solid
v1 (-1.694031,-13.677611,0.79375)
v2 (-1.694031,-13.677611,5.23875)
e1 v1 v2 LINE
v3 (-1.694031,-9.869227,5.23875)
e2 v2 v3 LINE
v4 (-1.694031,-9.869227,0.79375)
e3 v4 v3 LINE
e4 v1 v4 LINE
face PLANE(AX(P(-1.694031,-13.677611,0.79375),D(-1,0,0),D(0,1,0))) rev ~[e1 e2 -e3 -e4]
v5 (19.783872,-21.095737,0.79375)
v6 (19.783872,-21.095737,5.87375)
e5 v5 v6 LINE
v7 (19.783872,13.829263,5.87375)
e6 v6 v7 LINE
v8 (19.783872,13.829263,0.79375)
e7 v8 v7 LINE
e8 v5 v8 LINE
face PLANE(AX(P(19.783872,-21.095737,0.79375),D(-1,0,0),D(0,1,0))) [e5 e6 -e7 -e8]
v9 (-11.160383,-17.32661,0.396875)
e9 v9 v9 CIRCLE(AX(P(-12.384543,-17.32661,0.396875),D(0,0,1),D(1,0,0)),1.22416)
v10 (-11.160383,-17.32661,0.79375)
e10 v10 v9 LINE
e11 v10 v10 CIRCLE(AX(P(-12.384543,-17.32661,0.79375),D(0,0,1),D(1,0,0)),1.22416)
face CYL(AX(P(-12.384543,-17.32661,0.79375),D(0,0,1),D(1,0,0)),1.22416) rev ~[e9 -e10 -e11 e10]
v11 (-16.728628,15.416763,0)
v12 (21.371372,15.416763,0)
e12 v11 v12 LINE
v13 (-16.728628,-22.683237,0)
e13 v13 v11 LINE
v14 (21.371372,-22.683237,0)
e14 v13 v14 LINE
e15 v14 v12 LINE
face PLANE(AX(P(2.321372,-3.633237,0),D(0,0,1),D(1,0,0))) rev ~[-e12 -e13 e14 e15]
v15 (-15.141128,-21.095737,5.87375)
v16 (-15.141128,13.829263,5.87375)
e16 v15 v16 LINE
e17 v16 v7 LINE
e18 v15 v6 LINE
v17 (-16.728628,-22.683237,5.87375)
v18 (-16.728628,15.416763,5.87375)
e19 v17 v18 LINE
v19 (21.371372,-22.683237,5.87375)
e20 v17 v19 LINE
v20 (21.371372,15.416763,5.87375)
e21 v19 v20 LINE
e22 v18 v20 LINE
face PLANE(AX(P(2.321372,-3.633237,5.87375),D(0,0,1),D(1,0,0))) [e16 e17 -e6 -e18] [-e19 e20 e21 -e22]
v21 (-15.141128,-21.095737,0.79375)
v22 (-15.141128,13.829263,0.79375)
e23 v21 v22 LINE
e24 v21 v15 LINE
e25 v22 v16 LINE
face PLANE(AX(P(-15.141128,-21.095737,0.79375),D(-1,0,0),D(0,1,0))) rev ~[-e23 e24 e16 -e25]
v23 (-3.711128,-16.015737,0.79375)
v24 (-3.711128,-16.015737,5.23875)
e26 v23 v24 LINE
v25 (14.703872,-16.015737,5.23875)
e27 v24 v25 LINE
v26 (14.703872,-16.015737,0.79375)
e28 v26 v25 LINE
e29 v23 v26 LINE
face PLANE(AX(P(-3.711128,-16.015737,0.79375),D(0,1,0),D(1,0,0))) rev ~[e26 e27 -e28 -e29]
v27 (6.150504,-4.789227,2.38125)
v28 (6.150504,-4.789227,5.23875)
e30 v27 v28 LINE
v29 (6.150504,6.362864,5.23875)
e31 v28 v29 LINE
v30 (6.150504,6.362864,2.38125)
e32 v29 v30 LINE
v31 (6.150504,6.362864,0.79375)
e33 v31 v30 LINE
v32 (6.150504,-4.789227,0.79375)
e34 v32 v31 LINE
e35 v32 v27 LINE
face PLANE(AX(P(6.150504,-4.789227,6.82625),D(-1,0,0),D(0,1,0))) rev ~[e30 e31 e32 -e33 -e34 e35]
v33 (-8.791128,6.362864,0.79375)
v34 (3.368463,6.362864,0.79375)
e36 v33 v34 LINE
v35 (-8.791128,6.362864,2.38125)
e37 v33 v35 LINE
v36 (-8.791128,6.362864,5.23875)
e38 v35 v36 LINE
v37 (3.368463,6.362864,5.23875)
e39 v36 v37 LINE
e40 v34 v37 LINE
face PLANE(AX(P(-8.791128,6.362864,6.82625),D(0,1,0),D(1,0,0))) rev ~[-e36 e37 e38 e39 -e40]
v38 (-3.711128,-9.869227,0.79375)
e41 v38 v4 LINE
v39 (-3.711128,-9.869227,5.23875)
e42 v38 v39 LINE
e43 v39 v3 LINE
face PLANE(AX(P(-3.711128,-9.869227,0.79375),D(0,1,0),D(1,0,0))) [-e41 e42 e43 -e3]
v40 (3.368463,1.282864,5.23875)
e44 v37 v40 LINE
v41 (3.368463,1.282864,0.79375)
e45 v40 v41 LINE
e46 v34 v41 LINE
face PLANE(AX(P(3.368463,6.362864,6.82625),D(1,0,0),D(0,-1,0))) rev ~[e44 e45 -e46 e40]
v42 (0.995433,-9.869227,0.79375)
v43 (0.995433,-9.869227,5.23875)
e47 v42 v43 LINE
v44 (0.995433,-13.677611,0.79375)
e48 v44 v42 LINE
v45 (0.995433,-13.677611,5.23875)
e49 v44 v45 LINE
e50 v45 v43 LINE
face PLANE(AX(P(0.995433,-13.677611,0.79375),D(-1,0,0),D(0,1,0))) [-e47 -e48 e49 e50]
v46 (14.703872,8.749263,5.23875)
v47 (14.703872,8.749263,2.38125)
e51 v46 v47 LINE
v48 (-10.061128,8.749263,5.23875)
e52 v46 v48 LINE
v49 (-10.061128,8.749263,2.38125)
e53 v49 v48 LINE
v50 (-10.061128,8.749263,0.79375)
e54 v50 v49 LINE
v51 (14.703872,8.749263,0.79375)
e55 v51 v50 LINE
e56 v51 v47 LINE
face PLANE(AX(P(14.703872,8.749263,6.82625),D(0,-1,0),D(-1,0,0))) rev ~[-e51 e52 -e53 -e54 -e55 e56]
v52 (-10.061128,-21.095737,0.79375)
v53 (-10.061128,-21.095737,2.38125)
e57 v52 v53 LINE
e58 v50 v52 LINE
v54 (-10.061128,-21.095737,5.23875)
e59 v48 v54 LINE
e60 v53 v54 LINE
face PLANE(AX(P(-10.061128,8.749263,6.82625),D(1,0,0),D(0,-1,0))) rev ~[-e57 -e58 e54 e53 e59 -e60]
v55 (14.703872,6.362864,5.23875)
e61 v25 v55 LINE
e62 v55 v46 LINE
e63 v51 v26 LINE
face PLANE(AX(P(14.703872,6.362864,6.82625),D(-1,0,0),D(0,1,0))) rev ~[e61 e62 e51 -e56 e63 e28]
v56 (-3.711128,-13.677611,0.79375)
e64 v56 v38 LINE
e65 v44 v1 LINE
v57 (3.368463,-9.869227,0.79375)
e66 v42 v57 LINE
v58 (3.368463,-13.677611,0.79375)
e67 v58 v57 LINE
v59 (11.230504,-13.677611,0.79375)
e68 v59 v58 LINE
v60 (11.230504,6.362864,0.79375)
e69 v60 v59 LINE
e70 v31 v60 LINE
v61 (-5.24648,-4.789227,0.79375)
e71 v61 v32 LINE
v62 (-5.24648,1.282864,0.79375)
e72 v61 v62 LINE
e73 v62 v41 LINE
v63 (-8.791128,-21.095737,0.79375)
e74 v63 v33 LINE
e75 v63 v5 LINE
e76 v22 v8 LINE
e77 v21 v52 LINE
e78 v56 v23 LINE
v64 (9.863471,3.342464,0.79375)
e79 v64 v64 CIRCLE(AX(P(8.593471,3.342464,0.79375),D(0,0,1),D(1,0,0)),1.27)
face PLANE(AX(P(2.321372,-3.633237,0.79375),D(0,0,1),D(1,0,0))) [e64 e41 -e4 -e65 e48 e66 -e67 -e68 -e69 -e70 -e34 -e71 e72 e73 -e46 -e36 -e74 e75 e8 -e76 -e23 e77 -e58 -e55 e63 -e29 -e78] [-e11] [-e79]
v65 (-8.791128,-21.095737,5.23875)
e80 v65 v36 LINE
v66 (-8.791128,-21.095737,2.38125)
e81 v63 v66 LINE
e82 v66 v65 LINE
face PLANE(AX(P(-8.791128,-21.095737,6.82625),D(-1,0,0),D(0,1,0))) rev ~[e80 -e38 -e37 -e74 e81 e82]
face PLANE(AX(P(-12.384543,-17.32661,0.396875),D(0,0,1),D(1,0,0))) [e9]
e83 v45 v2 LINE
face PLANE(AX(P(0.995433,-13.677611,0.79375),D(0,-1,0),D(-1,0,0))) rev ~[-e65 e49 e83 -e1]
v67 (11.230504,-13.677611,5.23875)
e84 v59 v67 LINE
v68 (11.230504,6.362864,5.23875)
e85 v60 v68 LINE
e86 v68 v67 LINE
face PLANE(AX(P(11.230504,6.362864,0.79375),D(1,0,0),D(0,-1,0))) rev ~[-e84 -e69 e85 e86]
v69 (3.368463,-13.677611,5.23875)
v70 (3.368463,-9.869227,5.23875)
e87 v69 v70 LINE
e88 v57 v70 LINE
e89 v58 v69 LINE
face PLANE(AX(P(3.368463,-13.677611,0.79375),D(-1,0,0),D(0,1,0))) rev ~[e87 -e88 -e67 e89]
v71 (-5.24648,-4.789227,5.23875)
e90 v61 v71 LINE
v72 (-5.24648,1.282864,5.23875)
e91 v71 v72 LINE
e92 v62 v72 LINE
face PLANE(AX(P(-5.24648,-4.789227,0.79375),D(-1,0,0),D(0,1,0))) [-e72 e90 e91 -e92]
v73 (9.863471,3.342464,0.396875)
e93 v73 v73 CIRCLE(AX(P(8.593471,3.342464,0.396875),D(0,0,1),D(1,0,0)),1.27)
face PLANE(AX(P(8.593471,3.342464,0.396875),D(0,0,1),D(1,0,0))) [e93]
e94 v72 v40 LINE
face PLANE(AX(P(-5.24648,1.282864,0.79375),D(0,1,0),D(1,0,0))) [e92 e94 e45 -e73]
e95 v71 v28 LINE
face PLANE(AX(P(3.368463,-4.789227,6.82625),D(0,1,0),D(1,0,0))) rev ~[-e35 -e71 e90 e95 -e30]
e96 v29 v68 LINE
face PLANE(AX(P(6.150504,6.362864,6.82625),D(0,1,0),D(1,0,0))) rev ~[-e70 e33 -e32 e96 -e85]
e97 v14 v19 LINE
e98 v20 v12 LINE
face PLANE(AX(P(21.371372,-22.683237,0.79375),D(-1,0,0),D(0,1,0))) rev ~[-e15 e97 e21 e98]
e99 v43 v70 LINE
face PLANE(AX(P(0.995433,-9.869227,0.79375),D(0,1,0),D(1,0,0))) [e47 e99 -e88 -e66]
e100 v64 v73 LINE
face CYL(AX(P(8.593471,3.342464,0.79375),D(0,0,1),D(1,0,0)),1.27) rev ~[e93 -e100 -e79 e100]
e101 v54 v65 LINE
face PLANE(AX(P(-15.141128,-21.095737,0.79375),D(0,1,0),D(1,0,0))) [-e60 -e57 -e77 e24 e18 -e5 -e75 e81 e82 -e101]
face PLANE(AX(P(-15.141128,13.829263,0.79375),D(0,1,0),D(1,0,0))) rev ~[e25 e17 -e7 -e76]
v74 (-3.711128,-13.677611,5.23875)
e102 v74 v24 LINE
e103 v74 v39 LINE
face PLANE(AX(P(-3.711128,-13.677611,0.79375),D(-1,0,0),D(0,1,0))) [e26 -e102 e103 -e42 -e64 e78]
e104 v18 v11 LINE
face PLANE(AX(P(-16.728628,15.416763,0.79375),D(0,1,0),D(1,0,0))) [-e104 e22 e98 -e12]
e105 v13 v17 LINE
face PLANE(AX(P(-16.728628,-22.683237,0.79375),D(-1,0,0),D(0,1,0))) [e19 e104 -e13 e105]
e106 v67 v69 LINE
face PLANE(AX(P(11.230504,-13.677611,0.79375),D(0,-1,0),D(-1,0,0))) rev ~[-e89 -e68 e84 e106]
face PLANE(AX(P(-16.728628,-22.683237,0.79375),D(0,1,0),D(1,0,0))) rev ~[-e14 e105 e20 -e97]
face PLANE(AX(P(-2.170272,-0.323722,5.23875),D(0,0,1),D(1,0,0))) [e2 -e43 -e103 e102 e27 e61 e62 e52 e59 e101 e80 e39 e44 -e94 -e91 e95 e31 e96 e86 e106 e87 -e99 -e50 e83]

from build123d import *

# Parameters (mm, degrees)
F0_W      = 38.1
F0_H      = 38.1
F1_DEPTH  = 0.79375
F2_W      = 38.1
F2_H      = 38.1
F2_W_2    = 34.925
F2_H_2    = 34.925
F3_DEPTH  = 5.08
F6_DEPTH  = 1.5875
F7_W      = 8.6149428158
F7_H      = 6.0720914678
F7_W_2    = 2.3730299118
F7_H_2    = 3.8083838299
F7_W_3    = 2.0170976641
F8_DEPTH  = 4.445
F9_R      = 1.2241603382
F9_R_2    = 1.27
F10_DEPTH = 0.396875
F11_DEPTH = 0.2286
F12_DEPTH = 1.8161


with BuildPart() as f1:
    # F0 (on Top) → F1 (new body)
    with BuildSketch(Plane.XY):
        with Locations((2.3213718086, -3.6332369254)):
            Rectangle(F0_W, F0_H)
    extrude(amount=F1_DEPTH)

    # F2 (on face) → F3 (join)
    with BuildSketch(Plane.XY.offset(0.79375)):
        with Locations((2.3213718086, -3.6332369254)):
            Rectangle(F2_W, F2_H)
        with Locations((2.3213718086, -3.6332369254)):
            Rectangle(F2_W_2, F2_H_2, mode=Mode.SUBTRACT)
    extrude(amount=F3_DEPTH)

    # F4 (on face) → F6 (join)
    with BuildSketch(Plane.XY.offset(0.79375)):
        Polygon((-10.0611281914, 8.7492630746), (-10.0611281914, -21.0957369254), (-8.7911281914, -21.0957369254), (-8.7911281914, 6.362864282), (3.3684632859, 6.362864282), (3.3684632859, -4.7892271858), (6.1505037943, -4.7892271858), (6.1505037943, 6.362864282), (12.7729084343, 6.362864282), (14.7038718086, 6.362864282), (14.7038718086, 8.7492630746), (-8.7911281914, 8.7492630746), align=None)
    extrude(amount=F6_DEPTH)

    # F7 (on face) + F6_face (on face) → F8 (join)
    with BuildSketch(Plane.XY.offset(0.79375)):
        with Locations((-0.939008122, -1.7531814519)):
            Rectangle(F7_W, F7_H)
        Polygon((14.7038718086, -16.0157369254), (14.7038718086, 6.362864282), (11.2305037943, 6.362864282), (11.2305037943, -13.6776110157), (11.2305037943, -16.0157369254), align=None)
        Polygon((11.2305037943, -16.0157369254), (11.2305037943, -13.6776110157), (3.3684632859, -13.6776110157), (0.995433374, -13.6776110157), (-1.6940305273, -13.6776110157), (-3.7111281914, -13.6776110157), (-3.7111281914, -16.0157369254), align=None)
        with Locations((2.18194833, -11.7734191008)):
            Rectangle(F7_W_2, F7_H_2)
        with Locations((-2.7025793593, -11.7734191008)):
            Rectangle(F7_W_3, F7_H_2)
    with BuildSketch(Plane(origin=(-0.3508488173, 1.7127034678, 2.38125), x_dir=(1, 0, 0), z_dir=(0, 0, 1))):
        Polygon((15.054720626, 7.0365596068), (-9.710279374, 7.0365596068), (-9.710279374, -22.8084403932), (-8.440279374, -22.8084403932), (-8.440279374, 4.6501608142), (3.7193121032, 4.6501608142), (3.7193121032, -6.5019306536), (6.5013526117, -6.5019306536), (6.5013526117, 4.6501608142), (15.054720626, 4.6501608142), align=None)
    extrude(amount=F8_DEPTH)

    # F9 (on face) → F10 (cut)
    with BuildSketch(Plane.XY.offset(0.79375)):
        with Locations((-12.3845431954, -17.3266101629)):
            Circle(F9_R)
        with Locations((8.5934712139, 3.3424642536)):
            Circle(F9_R_2)
    extrude(amount=-F10_DEPTH, mode=Mode.SUBTRACT)

    # F11 (add): a face of the model
    f11_faces = [f1.faces().sort_by_distance(p)[0] for p in [
        (2.3213718086, 8.3614449148, 6.82625),
    ]]
    extrude(f11_faces, amount=F11_DEPTH)

    # F12 (cut, through all): a face of the model
    f12_faces = [f1.faces().sort_by_distance(p)[0] for p in [
        (2.3213718086, 8.3614449148, 7.05485),
    ]]
    extrude(f12_faces, amount=-F12_DEPTH, mode=Mode.SUBTRACT)


solid = f1.part
